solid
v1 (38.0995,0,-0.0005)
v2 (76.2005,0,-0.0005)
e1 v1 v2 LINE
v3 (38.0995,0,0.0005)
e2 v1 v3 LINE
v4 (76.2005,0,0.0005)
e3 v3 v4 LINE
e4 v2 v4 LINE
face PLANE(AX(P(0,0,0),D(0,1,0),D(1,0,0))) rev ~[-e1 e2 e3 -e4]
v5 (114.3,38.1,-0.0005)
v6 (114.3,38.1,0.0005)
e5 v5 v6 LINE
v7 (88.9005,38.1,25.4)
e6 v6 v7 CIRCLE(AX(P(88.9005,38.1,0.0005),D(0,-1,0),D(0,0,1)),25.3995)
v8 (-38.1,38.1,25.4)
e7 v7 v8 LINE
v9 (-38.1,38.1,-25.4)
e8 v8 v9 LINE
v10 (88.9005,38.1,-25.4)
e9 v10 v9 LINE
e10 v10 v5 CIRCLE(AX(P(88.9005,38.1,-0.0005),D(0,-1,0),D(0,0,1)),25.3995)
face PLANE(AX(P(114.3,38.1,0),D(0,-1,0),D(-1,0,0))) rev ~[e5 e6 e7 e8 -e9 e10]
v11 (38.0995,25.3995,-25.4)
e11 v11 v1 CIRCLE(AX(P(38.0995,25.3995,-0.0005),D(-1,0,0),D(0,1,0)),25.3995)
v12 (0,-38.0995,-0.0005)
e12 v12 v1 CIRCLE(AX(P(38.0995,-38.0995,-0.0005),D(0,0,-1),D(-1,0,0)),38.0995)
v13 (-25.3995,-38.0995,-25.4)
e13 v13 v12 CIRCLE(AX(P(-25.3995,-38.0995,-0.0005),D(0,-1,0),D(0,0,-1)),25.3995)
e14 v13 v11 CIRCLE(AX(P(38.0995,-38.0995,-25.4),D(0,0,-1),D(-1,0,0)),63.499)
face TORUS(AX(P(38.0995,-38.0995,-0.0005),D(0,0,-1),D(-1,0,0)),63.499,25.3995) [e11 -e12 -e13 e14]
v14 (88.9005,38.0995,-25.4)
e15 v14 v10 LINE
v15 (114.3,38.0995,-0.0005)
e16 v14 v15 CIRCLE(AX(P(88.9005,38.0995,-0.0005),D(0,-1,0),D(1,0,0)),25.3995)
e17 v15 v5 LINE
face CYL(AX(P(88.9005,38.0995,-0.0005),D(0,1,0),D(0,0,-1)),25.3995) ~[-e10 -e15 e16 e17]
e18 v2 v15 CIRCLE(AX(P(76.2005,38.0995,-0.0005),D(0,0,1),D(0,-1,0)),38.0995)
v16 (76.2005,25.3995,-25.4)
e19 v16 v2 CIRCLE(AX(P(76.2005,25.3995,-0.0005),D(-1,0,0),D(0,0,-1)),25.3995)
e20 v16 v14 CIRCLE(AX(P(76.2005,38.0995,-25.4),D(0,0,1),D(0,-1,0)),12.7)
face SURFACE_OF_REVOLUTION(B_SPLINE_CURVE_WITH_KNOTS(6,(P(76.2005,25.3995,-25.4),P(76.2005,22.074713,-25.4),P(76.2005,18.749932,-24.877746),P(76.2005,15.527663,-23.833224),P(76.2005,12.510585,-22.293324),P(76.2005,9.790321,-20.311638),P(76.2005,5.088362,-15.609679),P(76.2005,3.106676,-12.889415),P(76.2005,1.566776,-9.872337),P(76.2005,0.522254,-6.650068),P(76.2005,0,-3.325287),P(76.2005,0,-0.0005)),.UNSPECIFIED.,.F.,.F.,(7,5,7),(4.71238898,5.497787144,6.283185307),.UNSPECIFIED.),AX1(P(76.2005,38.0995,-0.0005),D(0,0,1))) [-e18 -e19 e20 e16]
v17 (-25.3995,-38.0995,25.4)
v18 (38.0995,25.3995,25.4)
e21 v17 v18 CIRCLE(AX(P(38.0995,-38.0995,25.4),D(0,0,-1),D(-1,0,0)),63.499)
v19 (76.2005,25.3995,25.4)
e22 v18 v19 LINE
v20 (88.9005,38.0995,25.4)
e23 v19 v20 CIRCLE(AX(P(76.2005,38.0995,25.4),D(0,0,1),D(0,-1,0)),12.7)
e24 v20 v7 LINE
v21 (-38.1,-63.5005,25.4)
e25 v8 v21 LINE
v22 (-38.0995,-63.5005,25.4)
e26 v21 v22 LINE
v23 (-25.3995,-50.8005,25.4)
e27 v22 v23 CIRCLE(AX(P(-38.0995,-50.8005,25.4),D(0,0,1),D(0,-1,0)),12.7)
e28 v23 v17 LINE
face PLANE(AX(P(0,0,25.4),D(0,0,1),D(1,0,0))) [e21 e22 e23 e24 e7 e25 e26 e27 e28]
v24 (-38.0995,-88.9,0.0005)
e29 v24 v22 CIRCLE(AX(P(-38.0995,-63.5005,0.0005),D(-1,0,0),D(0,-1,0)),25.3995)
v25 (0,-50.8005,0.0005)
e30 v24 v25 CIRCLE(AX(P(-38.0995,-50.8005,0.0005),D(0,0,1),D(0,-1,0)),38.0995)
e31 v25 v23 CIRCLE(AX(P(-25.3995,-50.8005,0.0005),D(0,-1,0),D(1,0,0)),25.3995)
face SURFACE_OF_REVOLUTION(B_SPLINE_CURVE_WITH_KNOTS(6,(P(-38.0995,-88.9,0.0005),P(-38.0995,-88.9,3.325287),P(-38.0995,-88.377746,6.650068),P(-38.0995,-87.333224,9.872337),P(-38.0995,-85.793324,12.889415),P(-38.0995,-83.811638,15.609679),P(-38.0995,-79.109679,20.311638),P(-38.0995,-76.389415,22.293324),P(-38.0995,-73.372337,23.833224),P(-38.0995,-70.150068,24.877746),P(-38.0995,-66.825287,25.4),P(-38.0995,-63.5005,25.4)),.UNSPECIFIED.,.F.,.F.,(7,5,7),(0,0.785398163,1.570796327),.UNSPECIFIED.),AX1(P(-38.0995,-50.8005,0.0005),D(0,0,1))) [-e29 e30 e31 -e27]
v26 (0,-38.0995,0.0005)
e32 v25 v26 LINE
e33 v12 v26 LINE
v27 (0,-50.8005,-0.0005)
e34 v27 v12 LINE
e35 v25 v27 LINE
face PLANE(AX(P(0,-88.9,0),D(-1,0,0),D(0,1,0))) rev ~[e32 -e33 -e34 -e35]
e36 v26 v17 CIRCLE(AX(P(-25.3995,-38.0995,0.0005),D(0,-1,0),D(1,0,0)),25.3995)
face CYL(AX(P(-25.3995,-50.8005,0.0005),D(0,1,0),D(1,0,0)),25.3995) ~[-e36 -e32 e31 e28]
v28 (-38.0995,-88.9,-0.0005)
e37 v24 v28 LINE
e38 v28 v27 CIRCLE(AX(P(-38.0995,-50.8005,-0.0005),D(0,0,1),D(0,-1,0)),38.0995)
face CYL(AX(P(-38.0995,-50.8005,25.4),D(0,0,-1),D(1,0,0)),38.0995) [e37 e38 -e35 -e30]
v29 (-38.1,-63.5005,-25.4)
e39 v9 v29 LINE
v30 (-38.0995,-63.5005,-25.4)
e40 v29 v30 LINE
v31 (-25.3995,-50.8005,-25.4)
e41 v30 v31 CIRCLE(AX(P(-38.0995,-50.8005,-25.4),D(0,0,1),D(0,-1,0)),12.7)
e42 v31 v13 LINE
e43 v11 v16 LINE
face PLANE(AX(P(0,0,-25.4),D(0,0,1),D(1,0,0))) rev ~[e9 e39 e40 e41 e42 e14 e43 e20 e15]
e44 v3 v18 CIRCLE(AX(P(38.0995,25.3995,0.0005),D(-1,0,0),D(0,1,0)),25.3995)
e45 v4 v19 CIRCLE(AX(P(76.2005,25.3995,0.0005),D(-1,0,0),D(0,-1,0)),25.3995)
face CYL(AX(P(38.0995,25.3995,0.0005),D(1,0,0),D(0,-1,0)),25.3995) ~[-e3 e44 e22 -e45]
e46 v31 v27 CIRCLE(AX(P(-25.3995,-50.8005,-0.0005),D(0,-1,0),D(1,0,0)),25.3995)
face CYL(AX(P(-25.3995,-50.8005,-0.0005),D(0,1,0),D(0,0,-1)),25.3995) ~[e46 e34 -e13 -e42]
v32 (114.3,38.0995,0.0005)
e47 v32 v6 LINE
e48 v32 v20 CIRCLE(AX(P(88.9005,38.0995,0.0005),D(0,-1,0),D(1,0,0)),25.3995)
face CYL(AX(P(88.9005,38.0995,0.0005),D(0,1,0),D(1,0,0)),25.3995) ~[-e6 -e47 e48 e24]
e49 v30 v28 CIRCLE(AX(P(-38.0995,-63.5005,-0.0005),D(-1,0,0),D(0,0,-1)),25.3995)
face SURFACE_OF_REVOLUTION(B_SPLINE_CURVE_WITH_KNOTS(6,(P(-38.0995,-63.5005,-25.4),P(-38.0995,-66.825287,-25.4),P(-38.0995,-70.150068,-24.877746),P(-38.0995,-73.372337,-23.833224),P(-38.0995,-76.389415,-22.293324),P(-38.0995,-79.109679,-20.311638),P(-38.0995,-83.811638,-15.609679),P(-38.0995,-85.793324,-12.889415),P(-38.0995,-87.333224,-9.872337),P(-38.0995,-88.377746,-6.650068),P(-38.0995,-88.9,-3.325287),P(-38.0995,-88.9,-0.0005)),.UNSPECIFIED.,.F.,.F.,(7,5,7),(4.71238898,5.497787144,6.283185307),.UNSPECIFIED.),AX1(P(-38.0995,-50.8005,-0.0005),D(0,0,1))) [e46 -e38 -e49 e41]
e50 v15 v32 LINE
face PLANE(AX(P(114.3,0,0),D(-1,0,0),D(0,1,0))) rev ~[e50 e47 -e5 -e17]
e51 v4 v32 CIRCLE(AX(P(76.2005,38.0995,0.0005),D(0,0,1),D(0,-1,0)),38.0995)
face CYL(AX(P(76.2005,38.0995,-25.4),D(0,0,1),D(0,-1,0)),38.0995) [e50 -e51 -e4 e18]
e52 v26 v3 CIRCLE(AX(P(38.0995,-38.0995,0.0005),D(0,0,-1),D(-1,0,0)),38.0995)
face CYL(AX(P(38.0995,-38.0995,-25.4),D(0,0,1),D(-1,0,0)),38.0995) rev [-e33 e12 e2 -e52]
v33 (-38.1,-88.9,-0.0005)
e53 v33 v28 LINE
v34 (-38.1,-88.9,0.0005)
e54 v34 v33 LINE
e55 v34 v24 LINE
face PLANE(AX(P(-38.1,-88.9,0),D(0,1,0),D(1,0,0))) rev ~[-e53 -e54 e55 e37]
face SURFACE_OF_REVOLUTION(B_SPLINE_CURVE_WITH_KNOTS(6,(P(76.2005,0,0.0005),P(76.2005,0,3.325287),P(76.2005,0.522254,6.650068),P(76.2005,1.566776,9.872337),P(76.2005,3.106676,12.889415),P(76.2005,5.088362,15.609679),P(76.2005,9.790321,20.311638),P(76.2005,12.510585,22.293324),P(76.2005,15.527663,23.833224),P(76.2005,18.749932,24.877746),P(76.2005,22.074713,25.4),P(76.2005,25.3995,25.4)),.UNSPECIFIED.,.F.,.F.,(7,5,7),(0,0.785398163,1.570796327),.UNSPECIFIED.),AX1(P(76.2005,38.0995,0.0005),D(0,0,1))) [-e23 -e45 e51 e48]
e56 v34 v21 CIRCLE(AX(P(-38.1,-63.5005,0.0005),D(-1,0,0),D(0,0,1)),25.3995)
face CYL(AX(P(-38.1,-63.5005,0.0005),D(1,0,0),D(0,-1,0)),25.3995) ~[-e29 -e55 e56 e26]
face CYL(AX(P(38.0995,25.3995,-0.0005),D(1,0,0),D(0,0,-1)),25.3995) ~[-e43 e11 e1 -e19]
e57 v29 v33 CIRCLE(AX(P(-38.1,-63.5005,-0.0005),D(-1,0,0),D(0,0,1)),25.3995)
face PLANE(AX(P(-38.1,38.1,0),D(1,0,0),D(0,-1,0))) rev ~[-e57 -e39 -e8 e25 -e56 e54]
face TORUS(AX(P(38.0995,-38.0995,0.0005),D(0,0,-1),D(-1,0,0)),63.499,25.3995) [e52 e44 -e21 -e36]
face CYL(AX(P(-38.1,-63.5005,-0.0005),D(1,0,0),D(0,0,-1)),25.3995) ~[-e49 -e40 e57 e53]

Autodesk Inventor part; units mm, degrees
ref_plane "YZ Plane" through (0, 0, 0) normal (1, 0, 0) x (0, 1, 0)
ref_plane "XZ Plane" through (0, 0, 0) normal (0, 1, 0) x (-1, 0, 0)
ref_plane "XY Plane" through (0, 0, 0) normal (0, 0, 1) x (1, 0, 0)
sketch "Sketch1" plane through (0, 0, 0) normal (0, 0, 1) x (1, 0, 0)
  line L0 (0, 0) -> (114.3, 0)
  line L1 (114.3, 0) -> (114.3, 38.1)
  line L2 (114.3, 38.1) -> (-38.1, 38.1)
  line L3 (-38.1, 38.1) -> (-38.1, -88.9)
  line L4 (-38.1, -88.9) -> (0, -88.9)
  line L5 (0, -88.9) -> (0, 0)
  dimension "d0" = 152.4
  dimension "d1" = 127
  dimension "d2" = 38.1
  dimension "d3" = 38.1
extrude "Extrusion1" add sketch "Sketch1" along normal mid plane 50.8
fillet "Fillet1" radius 38.1 3 edges at (0, -88.9, 0) (114.3, 0, 0) (0, 0, 0)
fillet "Fillet2" radius 25.4 8 edges at (0, -44.45, 25.4) (-11.1591, -77.7409, 25.4) (57.15, 0, 25.4) (103.1409, 11.1591, 25.4) (57.15, 0, -25.4) (103.1409, 11.1591, -25.4) (-11.1591, -77.7409, -25.4) (0, -44.45, -25.4)
properties part number "shelfBracket"
